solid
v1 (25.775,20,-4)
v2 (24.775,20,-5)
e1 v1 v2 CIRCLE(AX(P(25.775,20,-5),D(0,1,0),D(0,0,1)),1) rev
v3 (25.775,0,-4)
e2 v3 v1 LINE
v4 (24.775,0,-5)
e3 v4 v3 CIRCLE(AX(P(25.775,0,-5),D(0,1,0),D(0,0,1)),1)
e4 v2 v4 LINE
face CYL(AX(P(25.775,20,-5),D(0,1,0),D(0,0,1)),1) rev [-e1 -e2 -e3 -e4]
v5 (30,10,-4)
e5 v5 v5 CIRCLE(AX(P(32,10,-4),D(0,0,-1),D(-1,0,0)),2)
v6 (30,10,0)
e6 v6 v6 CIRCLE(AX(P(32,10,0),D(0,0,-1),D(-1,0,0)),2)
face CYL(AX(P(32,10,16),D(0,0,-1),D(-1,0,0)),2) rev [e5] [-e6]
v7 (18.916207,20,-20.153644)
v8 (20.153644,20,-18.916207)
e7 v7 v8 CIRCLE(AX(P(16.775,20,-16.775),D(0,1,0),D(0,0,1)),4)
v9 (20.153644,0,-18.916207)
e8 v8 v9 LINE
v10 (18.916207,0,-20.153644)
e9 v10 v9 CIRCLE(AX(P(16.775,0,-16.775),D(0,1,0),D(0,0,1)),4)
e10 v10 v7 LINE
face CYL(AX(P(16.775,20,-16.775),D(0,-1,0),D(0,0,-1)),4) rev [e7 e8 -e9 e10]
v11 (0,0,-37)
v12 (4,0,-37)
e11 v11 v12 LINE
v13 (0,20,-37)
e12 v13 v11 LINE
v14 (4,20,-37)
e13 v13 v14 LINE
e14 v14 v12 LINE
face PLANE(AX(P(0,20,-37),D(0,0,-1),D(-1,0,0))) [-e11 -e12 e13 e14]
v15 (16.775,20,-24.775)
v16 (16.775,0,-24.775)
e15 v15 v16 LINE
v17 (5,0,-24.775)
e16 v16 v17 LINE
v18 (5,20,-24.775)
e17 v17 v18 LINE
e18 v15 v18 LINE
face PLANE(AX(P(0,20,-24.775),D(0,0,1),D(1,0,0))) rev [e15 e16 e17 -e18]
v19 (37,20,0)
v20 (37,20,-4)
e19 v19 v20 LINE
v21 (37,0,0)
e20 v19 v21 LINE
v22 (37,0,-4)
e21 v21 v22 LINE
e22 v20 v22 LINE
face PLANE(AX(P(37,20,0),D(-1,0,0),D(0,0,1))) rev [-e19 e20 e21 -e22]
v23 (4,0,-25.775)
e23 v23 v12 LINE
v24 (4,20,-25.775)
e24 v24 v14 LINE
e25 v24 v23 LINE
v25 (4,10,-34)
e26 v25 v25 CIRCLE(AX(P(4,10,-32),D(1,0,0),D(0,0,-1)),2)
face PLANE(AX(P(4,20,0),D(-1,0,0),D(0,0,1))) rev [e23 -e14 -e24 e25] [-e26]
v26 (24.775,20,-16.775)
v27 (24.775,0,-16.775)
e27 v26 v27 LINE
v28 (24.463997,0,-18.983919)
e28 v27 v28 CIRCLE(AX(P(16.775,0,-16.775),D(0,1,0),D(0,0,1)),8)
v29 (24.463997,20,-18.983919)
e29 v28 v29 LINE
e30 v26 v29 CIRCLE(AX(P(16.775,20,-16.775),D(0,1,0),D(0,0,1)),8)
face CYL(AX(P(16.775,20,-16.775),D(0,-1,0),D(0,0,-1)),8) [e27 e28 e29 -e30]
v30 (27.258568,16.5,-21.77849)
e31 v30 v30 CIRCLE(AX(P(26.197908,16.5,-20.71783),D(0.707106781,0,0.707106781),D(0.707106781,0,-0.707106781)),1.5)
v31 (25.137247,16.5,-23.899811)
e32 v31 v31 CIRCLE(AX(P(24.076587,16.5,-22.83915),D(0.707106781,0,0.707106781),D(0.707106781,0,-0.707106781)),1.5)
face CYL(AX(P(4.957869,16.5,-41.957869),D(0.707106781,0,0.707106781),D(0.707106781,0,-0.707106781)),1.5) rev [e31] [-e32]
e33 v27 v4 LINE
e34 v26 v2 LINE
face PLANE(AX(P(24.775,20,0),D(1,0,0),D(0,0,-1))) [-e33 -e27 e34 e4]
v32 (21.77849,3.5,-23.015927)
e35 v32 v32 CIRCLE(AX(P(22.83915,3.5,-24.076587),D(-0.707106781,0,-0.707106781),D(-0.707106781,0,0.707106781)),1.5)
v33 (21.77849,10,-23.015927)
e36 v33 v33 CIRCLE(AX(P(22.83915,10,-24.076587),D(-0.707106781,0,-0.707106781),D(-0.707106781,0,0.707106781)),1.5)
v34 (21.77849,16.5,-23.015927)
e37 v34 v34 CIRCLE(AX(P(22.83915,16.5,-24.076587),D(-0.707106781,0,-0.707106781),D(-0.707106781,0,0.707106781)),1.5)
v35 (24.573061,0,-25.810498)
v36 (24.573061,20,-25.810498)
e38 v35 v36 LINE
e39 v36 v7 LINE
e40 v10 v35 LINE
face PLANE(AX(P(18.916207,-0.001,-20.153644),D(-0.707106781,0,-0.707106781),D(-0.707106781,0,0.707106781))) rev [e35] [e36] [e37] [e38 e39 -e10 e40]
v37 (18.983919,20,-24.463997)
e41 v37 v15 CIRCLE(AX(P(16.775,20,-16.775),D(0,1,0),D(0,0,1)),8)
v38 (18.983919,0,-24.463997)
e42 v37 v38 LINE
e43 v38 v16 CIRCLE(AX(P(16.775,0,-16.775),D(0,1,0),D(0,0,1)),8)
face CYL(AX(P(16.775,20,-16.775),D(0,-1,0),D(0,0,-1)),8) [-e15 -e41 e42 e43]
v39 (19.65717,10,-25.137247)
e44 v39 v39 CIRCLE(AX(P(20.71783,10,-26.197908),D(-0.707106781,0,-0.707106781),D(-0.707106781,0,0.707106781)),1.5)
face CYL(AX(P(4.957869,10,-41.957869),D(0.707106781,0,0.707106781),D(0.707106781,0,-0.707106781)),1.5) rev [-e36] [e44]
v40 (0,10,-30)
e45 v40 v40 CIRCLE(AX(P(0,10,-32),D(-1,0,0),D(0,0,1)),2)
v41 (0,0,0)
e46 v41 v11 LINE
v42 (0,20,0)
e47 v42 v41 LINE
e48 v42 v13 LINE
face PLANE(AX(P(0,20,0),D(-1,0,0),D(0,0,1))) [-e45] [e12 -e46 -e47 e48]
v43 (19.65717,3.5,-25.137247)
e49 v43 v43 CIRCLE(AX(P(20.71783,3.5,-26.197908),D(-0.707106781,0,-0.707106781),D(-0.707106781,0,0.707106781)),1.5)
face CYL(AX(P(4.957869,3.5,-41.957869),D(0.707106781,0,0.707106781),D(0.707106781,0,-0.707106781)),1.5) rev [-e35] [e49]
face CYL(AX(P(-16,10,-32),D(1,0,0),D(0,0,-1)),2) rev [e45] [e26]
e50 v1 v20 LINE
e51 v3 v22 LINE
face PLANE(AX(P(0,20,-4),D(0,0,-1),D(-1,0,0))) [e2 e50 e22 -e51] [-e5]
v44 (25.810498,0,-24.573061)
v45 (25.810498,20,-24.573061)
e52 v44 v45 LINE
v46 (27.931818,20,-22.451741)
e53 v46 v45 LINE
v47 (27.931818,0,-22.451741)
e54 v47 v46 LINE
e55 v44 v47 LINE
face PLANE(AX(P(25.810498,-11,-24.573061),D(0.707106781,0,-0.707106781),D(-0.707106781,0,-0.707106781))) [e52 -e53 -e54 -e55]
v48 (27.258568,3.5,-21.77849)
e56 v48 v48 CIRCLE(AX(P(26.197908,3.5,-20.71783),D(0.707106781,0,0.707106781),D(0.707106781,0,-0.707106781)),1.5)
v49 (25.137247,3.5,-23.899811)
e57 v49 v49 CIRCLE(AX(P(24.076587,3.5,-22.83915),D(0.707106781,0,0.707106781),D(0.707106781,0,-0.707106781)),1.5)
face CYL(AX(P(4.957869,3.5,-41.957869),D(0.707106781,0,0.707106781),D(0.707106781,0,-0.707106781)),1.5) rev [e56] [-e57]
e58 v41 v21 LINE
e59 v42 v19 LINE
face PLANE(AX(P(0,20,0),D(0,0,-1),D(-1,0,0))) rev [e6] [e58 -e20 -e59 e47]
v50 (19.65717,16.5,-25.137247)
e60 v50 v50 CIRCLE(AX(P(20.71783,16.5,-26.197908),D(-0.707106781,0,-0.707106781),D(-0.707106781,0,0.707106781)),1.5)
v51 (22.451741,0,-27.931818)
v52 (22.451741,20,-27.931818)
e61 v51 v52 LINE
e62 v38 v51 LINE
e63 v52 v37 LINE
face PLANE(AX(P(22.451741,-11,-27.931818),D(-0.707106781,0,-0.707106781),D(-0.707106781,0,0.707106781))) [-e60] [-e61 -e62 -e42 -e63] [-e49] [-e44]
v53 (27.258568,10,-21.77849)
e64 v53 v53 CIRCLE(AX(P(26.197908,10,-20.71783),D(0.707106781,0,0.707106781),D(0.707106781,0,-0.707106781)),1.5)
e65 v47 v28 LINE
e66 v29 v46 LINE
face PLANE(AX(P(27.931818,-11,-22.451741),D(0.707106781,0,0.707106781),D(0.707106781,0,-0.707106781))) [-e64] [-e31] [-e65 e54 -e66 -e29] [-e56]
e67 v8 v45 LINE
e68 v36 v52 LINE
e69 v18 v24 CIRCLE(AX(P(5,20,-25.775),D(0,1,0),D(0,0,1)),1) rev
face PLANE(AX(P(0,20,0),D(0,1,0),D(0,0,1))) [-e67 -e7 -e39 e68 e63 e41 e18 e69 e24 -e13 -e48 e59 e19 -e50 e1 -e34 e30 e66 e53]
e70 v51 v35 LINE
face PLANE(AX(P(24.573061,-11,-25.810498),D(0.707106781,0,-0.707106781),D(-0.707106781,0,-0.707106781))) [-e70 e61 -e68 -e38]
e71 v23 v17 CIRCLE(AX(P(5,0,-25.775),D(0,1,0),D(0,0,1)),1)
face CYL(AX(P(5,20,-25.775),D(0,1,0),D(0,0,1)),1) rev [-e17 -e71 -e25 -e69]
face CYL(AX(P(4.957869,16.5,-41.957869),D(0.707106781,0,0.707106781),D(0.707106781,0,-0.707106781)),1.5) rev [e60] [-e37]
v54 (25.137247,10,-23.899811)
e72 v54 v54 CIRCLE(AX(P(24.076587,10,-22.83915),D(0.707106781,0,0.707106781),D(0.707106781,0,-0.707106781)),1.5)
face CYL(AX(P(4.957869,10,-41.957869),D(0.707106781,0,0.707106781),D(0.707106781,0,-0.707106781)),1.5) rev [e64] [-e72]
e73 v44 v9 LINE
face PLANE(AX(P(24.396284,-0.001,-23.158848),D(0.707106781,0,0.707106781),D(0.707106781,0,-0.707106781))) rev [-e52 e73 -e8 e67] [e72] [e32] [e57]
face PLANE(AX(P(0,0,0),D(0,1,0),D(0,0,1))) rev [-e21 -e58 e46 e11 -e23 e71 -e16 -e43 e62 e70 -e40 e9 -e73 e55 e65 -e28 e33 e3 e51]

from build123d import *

# Parameters (mm, degrees)
SKETCH1_R               = 4
SKETCH1_W               = 4
SKETCH1_H               = 4
BOSS_EXTRUDE1_DEPTH     = 20
FILLET1_R               = 1
SKETCH2_R               = 2
CUT_EXTRUDE1_DEPTH      = 20
SKETCH3_R               = 2
CUT_EXTRUDE2_DEPTH      = 20
CUT_EXTRUDE4_REACH      = 58.018
BOSS_EXTRUDE4_DEPTH     = 20
CUT_EXTRUDE5_DEPTH      = 57.151719698
CUT_EXTRUDE5_DEPTH_BACK = 57.151719698
SKETCH9_R               = 1.5


with BuildPart() as part:
    # Sketch1 → Boss-Extrude1 (new body)
    # profile 1 of 5: a face of its own
    with BuildSketch(Plane(origin=(0, 0, 0), x_dir=(1, 0, 0), z_dir=(0, 1, 0))):
        with BuildLine():
            ThreePointArc((24.775, 16.775), (11.118145751, 11.118145751), (16.775, 24.775))
            Line((16.775, 24.775), (4, 24.775))
            Line((4, 24.775), (4, 4))
            Line((4, 4), (24.775, 4))
            Line((24.775, 4), (24.775, 16.775))
        make_face()
    # profile 2 of 5: a face of its own
    with BuildSketch(Plane(origin=(0, 0, 0), x_dir=(1, 0, 0), z_dir=(0, 1, 0))):
        with BuildLine():
            ThreePointArc((24.775, 16.775), (22.431854249, 22.431854249), (16.775, 24.775))
            ThreePointArc((16.775, 24.775), (11.118145751, 11.118145751), (24.775, 16.775))
        make_face()
        with Locations(Location((16.775, 16.775, 0), (0, 0, 270))):
            Circle(SKETCH1_R, mode=Mode.SUBTRACT)
    # profile 3 of 5: a face of its own
    with BuildSketch(Plane(origin=(0, 0, 0), x_dir=(1, 0, 0), z_dir=(0, 1, 0))):
        Polygon((4, 4), (4, 24.775), (4, 37), (0, 37), (0, 4), align=None)
    # profile 4 of 5: a face of its own
    with BuildSketch(Plane(origin=(0, 0, 0), x_dir=(1, 0, 0), z_dir=(0, 1, 0))):
        Polygon((24.775, 4), (4, 4), (4, 0), (37, 0), (37, 4), align=None)
    # profile 5 of 5: a face of its own
    with BuildSketch(Plane(origin=(0, 0, 0), x_dir=(1, 0, 0), z_dir=(0, 1, 0))):
        with Locations((2, 2)):
            Rectangle(SKETCH1_W, SKETCH1_H)
    extrude(amount=BOSS_EXTRUDE1_DEPTH)

    # Fillet1
    fillet1_edges = [part.edges().sort_by_distance(p)[0] for p in [
        (24.775, 10, -4),
        (4, 10, -24.775),
    ]]
    fillet(fillet1_edges, radius=FILLET1_R)

    # Sketch2 → Cut-Extrude1 (cut)
    with BuildSketch(Plane(origin=(0, 0, -4), x_dir=(-1, 0, 0), z_dir=(0, 0, -1))):
        with Locations((-32, 10)):
            Circle(SKETCH2_R)
    extrude(amount=-CUT_EXTRUDE1_DEPTH, mode=Mode.SUBTRACT)

    # Sketch3 → Cut-Extrude2 (cut)
    with BuildSketch(Plane(origin=(4, 0, 0), x_dir=(0, 0, -1), z_dir=(1, 0, 0))):
        with Locations((32, 10)):
            Circle(SKETCH3_R)
    extrude(amount=-CUT_EXTRUDE2_DEPTH, mode=Mode.SUBTRACT)

    # Sketch7 → Cut-Extrude4 (cut, up to next)
    with BuildSketch(Plane(origin=(0, 20, 0), x_dir=(1, 0, 0), z_dir=(0, 1, 0)), mode=Mode.PRIVATE) as cut_extrude4_sk1:
        Polygon((20.153643704, 18.916206837), (18.916206837, 20.153643704), (23.158847524, 24.396284391), (24.396284391, 23.158847524), align=None)
    cut_extrude4_tool1 = extrude(cut_extrude4_sk1.sketch, amount=-CUT_EXTRUDE4_REACH, mode=Mode.PRIVATE) & part.part
    add(cut_extrude4_tool1.solids().sort_by_distance((21.656246, 20, -21.656246))[0], mode=Mode.SUBTRACT)

    # Sketch8 → Boss-Extrude4 (add)
    with BuildSketch(Plane(origin=(0, 20, 0), x_dir=(1, 0, 0), z_dir=(0, 1, 0))):
        Polygon((18.916206837, 20.153643704), (24.573061087, 25.810497954), (22.451740743, 27.931818297), (16.794886494, 22.274964048), align=None)
        Polygon((22.274964048, 16.794886494), (20.153643704, 18.916206837), (25.810497954, 24.573061087), (27.931818297, 22.451740743), align=None)
    extrude(amount=-BOSS_EXTRUDE4_DEPTH)

    # Sketch9 → Cut-Extrude5 (cut, two sides: drawn at the far end of the back side and taken through both)
    with BuildSketch(Plane(origin=(2.740038777, 0, 2.740038777), x_dir=(0.7071067811865474, 0, -0.7071067811865477), z_dir=(0.7071067811865477, 0, 0.7071067811865474)).offset(-CUT_EXTRUDE5_DEPTH_BACK)):
        with Locations((33.174436303, 16.5)):
            Circle(SKETCH9_R)
        with Locations((33.174436303, 10)):
            Circle(SKETCH9_R)
        with Locations((33.174436303, 3.5)):
            Circle(SKETCH9_R)
    extrude(amount=CUT_EXTRUDE5_DEPTH + CUT_EXTRUDE5_DEPTH_BACK, mode=Mode.SUBTRACT)


solid = part.part
